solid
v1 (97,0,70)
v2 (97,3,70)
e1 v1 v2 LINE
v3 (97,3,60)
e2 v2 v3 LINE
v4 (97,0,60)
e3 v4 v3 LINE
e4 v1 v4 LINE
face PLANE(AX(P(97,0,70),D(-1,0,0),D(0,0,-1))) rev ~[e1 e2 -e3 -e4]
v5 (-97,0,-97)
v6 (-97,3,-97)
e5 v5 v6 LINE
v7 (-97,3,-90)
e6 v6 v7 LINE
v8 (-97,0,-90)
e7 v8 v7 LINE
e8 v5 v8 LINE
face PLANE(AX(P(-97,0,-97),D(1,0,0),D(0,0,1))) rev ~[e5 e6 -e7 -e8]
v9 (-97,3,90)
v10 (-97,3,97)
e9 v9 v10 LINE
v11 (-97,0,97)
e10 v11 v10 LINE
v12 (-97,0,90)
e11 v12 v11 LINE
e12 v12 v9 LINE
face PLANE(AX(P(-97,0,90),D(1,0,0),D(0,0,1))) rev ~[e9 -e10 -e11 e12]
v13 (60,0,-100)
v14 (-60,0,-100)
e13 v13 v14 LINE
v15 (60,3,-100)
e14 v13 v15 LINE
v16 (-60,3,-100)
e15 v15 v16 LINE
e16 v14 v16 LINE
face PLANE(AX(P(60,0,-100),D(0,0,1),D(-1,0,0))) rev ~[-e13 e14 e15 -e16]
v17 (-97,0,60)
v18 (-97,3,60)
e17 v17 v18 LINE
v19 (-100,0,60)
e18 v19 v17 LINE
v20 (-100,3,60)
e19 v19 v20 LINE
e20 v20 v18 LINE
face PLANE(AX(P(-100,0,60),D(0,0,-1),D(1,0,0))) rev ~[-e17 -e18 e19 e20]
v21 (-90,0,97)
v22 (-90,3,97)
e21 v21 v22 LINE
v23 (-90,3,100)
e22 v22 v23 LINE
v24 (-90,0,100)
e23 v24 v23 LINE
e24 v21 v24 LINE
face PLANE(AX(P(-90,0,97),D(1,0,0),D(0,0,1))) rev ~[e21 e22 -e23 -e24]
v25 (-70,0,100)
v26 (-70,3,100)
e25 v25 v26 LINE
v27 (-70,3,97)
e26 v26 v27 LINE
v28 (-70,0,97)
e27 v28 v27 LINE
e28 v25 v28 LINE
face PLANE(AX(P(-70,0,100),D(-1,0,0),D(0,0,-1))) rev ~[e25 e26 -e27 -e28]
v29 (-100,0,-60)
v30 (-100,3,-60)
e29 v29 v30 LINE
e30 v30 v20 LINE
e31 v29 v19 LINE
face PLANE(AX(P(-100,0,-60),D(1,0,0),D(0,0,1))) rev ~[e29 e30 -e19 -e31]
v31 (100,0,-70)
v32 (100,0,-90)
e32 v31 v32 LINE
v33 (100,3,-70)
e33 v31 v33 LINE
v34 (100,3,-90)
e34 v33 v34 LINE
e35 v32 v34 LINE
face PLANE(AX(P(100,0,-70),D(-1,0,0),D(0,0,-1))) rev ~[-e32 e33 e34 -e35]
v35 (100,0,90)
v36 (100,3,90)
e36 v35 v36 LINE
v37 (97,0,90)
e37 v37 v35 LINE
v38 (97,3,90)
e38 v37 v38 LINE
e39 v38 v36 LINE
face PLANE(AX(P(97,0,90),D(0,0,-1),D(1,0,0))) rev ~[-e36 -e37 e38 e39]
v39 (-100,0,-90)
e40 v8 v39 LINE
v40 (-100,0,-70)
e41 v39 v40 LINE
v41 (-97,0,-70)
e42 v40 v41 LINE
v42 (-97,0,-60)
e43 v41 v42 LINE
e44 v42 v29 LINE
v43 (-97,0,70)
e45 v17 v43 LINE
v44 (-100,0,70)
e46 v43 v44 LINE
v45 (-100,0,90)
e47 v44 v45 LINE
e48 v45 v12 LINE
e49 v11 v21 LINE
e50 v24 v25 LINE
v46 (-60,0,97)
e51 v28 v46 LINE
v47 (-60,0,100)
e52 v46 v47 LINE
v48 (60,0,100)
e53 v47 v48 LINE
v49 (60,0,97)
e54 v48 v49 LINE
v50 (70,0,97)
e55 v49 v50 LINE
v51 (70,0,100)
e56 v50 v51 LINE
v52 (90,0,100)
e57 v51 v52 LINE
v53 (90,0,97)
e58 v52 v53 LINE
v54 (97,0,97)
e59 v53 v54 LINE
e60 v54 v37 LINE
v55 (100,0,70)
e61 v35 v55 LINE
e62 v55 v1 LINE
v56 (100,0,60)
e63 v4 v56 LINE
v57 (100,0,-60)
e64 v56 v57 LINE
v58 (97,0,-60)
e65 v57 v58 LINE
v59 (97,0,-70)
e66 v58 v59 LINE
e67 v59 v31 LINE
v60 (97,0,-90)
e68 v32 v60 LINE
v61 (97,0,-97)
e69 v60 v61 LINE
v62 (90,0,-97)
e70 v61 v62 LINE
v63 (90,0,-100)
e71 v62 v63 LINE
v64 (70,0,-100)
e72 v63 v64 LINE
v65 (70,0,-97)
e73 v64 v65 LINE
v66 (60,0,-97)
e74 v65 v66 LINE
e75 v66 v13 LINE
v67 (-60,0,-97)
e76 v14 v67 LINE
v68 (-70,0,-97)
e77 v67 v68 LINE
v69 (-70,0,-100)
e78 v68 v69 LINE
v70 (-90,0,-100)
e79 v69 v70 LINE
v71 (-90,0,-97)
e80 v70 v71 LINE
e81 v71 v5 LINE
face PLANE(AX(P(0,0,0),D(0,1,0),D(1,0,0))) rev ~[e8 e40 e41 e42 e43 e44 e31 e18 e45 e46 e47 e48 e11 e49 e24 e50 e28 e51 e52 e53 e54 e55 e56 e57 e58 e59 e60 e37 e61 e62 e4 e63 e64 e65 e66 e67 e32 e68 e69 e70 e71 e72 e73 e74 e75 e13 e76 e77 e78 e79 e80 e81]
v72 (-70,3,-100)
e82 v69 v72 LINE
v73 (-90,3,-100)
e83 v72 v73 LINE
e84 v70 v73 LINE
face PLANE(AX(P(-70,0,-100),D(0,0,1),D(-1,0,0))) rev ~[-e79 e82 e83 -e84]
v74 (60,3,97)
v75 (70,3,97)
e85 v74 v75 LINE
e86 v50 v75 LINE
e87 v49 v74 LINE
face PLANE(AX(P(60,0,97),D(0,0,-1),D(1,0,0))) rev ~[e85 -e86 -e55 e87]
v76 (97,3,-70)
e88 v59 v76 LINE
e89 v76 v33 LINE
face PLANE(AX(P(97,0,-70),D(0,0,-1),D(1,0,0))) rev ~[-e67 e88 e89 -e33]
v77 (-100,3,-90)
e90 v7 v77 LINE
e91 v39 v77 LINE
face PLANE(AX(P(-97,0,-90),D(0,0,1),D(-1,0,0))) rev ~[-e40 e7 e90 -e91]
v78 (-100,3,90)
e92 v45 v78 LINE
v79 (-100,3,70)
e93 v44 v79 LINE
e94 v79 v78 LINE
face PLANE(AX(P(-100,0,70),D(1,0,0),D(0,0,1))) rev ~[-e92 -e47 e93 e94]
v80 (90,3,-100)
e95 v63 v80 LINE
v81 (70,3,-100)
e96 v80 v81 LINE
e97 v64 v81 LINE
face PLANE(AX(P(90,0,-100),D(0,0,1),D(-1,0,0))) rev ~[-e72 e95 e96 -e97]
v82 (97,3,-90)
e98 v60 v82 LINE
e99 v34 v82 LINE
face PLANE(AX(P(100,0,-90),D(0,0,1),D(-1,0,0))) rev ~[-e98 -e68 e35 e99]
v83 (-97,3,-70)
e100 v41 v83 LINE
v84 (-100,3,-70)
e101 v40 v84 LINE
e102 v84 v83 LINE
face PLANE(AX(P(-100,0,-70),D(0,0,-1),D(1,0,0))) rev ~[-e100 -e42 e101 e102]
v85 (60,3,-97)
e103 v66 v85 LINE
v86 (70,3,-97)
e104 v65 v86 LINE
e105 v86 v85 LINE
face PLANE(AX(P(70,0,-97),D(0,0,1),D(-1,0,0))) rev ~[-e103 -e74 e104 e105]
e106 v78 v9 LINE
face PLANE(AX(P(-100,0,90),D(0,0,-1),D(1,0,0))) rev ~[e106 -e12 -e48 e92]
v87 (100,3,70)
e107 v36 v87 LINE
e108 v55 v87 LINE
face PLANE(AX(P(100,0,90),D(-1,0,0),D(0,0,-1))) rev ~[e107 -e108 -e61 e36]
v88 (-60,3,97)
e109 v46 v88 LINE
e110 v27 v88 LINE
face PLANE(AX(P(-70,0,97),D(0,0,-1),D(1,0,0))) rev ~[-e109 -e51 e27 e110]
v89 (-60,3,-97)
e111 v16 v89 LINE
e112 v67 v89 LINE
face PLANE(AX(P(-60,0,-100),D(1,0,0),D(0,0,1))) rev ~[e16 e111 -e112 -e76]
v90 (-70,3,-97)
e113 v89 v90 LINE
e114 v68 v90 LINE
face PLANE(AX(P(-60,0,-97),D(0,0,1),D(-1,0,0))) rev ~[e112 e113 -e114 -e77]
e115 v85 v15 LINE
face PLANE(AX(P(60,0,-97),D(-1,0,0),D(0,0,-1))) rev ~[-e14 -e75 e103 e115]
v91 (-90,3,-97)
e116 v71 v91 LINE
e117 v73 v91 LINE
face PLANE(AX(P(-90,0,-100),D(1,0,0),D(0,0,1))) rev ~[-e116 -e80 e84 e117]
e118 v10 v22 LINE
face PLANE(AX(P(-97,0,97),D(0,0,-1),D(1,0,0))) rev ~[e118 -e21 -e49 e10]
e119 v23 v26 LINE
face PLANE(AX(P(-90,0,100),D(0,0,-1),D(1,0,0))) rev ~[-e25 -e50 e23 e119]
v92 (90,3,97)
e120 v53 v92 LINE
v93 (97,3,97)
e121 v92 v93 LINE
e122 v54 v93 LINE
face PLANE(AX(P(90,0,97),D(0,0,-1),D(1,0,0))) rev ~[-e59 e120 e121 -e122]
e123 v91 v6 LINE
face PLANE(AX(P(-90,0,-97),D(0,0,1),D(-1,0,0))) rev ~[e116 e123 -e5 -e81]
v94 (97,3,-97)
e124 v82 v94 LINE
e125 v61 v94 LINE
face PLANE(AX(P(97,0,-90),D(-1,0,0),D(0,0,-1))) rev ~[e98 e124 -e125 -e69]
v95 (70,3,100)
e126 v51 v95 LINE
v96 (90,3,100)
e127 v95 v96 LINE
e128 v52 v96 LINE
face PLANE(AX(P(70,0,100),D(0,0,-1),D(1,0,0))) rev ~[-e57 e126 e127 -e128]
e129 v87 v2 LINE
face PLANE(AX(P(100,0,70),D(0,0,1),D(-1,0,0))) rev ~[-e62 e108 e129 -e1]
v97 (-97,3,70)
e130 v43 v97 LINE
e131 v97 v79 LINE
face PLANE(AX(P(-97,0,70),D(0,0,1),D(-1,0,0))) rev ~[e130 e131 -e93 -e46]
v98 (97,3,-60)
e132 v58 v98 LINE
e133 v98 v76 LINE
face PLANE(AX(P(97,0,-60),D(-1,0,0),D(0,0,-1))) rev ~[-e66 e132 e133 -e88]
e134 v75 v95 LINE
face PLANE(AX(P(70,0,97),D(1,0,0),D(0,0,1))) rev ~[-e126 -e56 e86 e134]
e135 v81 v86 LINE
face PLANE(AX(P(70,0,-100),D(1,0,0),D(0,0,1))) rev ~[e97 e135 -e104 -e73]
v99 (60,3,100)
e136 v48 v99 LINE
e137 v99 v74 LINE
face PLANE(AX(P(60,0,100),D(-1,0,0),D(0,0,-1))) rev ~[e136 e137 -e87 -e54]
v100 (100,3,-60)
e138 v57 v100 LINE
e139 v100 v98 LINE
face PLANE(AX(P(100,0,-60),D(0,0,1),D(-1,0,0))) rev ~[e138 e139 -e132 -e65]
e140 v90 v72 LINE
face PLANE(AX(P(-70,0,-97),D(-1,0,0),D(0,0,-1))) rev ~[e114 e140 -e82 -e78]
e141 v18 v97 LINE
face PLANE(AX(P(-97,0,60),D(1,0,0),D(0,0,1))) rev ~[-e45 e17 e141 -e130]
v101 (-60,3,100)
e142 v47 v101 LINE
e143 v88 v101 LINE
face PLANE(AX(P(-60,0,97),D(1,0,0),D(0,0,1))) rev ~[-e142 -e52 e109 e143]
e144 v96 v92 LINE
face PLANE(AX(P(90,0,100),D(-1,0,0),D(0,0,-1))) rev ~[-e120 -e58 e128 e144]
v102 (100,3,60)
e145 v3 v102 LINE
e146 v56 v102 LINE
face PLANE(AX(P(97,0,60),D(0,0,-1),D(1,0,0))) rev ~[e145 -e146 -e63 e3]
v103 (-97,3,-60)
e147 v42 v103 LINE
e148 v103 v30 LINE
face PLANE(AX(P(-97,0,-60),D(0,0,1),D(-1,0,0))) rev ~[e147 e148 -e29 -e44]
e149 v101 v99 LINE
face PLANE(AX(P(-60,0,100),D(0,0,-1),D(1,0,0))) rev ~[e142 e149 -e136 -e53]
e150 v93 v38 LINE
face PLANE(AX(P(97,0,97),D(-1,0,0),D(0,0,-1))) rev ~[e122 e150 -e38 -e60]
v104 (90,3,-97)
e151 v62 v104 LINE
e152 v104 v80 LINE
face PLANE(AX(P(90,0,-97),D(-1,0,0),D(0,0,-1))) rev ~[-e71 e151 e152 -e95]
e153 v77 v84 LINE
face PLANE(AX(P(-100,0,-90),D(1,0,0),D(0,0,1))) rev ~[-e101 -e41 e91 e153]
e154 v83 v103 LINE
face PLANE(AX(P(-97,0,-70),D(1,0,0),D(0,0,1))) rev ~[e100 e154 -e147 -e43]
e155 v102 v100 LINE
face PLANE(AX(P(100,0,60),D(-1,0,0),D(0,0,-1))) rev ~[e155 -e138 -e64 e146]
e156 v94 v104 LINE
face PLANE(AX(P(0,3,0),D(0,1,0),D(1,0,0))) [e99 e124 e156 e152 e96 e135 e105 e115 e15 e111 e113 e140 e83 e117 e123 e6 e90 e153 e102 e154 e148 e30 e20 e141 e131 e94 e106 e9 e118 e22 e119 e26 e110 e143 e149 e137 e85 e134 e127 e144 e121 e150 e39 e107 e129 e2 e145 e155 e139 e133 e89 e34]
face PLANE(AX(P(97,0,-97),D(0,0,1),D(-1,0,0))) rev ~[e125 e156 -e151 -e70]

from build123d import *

# Parameters (mm, degrees)
BOSS_EXTRUDE1_DEPTH = 3


with BuildPart() as part:
    # Sketch1 → Boss-Extrude1 (new body)
    with BuildSketch(Plane(origin=(0, 0, 0), x_dir=(1, 0, 0), z_dir=(0, 1, 0))):
        Polygon((-100, 60), (-100, -60), (-97, -60), (-97, -70), (-100, -70), (-100, -90), (-97, -90), (-97, -97), (-90, -97), (-90, -100), (-70, -100), (-70, -97), (-60, -97), (-60, -100), (60, -100), (60, -97), (70, -97), (70, -100), (90, -100), (90, -97), (97, -97), (97, -90), (100, -90), (100, -70), (97, -70), (97, -60), (100, -60), (100, 60), (97, 60), (97, 70), (100, 70), (100, 90), (97, 90), (97, 97), (90, 97), (90, 100), (70, 100), (70, 97), (60, 97), (60, 100), (-60, 100), (-60, 97), (-70, 97), (-70, 100), (-90, 100), (-90, 97), (-97, 97), (-97, 90), (-100, 90), (-100, 70), (-97, 70), (-97, 60), align=None)
    extrude(amount=BOSS_EXTRUDE1_DEPTH)


solid = part.part
